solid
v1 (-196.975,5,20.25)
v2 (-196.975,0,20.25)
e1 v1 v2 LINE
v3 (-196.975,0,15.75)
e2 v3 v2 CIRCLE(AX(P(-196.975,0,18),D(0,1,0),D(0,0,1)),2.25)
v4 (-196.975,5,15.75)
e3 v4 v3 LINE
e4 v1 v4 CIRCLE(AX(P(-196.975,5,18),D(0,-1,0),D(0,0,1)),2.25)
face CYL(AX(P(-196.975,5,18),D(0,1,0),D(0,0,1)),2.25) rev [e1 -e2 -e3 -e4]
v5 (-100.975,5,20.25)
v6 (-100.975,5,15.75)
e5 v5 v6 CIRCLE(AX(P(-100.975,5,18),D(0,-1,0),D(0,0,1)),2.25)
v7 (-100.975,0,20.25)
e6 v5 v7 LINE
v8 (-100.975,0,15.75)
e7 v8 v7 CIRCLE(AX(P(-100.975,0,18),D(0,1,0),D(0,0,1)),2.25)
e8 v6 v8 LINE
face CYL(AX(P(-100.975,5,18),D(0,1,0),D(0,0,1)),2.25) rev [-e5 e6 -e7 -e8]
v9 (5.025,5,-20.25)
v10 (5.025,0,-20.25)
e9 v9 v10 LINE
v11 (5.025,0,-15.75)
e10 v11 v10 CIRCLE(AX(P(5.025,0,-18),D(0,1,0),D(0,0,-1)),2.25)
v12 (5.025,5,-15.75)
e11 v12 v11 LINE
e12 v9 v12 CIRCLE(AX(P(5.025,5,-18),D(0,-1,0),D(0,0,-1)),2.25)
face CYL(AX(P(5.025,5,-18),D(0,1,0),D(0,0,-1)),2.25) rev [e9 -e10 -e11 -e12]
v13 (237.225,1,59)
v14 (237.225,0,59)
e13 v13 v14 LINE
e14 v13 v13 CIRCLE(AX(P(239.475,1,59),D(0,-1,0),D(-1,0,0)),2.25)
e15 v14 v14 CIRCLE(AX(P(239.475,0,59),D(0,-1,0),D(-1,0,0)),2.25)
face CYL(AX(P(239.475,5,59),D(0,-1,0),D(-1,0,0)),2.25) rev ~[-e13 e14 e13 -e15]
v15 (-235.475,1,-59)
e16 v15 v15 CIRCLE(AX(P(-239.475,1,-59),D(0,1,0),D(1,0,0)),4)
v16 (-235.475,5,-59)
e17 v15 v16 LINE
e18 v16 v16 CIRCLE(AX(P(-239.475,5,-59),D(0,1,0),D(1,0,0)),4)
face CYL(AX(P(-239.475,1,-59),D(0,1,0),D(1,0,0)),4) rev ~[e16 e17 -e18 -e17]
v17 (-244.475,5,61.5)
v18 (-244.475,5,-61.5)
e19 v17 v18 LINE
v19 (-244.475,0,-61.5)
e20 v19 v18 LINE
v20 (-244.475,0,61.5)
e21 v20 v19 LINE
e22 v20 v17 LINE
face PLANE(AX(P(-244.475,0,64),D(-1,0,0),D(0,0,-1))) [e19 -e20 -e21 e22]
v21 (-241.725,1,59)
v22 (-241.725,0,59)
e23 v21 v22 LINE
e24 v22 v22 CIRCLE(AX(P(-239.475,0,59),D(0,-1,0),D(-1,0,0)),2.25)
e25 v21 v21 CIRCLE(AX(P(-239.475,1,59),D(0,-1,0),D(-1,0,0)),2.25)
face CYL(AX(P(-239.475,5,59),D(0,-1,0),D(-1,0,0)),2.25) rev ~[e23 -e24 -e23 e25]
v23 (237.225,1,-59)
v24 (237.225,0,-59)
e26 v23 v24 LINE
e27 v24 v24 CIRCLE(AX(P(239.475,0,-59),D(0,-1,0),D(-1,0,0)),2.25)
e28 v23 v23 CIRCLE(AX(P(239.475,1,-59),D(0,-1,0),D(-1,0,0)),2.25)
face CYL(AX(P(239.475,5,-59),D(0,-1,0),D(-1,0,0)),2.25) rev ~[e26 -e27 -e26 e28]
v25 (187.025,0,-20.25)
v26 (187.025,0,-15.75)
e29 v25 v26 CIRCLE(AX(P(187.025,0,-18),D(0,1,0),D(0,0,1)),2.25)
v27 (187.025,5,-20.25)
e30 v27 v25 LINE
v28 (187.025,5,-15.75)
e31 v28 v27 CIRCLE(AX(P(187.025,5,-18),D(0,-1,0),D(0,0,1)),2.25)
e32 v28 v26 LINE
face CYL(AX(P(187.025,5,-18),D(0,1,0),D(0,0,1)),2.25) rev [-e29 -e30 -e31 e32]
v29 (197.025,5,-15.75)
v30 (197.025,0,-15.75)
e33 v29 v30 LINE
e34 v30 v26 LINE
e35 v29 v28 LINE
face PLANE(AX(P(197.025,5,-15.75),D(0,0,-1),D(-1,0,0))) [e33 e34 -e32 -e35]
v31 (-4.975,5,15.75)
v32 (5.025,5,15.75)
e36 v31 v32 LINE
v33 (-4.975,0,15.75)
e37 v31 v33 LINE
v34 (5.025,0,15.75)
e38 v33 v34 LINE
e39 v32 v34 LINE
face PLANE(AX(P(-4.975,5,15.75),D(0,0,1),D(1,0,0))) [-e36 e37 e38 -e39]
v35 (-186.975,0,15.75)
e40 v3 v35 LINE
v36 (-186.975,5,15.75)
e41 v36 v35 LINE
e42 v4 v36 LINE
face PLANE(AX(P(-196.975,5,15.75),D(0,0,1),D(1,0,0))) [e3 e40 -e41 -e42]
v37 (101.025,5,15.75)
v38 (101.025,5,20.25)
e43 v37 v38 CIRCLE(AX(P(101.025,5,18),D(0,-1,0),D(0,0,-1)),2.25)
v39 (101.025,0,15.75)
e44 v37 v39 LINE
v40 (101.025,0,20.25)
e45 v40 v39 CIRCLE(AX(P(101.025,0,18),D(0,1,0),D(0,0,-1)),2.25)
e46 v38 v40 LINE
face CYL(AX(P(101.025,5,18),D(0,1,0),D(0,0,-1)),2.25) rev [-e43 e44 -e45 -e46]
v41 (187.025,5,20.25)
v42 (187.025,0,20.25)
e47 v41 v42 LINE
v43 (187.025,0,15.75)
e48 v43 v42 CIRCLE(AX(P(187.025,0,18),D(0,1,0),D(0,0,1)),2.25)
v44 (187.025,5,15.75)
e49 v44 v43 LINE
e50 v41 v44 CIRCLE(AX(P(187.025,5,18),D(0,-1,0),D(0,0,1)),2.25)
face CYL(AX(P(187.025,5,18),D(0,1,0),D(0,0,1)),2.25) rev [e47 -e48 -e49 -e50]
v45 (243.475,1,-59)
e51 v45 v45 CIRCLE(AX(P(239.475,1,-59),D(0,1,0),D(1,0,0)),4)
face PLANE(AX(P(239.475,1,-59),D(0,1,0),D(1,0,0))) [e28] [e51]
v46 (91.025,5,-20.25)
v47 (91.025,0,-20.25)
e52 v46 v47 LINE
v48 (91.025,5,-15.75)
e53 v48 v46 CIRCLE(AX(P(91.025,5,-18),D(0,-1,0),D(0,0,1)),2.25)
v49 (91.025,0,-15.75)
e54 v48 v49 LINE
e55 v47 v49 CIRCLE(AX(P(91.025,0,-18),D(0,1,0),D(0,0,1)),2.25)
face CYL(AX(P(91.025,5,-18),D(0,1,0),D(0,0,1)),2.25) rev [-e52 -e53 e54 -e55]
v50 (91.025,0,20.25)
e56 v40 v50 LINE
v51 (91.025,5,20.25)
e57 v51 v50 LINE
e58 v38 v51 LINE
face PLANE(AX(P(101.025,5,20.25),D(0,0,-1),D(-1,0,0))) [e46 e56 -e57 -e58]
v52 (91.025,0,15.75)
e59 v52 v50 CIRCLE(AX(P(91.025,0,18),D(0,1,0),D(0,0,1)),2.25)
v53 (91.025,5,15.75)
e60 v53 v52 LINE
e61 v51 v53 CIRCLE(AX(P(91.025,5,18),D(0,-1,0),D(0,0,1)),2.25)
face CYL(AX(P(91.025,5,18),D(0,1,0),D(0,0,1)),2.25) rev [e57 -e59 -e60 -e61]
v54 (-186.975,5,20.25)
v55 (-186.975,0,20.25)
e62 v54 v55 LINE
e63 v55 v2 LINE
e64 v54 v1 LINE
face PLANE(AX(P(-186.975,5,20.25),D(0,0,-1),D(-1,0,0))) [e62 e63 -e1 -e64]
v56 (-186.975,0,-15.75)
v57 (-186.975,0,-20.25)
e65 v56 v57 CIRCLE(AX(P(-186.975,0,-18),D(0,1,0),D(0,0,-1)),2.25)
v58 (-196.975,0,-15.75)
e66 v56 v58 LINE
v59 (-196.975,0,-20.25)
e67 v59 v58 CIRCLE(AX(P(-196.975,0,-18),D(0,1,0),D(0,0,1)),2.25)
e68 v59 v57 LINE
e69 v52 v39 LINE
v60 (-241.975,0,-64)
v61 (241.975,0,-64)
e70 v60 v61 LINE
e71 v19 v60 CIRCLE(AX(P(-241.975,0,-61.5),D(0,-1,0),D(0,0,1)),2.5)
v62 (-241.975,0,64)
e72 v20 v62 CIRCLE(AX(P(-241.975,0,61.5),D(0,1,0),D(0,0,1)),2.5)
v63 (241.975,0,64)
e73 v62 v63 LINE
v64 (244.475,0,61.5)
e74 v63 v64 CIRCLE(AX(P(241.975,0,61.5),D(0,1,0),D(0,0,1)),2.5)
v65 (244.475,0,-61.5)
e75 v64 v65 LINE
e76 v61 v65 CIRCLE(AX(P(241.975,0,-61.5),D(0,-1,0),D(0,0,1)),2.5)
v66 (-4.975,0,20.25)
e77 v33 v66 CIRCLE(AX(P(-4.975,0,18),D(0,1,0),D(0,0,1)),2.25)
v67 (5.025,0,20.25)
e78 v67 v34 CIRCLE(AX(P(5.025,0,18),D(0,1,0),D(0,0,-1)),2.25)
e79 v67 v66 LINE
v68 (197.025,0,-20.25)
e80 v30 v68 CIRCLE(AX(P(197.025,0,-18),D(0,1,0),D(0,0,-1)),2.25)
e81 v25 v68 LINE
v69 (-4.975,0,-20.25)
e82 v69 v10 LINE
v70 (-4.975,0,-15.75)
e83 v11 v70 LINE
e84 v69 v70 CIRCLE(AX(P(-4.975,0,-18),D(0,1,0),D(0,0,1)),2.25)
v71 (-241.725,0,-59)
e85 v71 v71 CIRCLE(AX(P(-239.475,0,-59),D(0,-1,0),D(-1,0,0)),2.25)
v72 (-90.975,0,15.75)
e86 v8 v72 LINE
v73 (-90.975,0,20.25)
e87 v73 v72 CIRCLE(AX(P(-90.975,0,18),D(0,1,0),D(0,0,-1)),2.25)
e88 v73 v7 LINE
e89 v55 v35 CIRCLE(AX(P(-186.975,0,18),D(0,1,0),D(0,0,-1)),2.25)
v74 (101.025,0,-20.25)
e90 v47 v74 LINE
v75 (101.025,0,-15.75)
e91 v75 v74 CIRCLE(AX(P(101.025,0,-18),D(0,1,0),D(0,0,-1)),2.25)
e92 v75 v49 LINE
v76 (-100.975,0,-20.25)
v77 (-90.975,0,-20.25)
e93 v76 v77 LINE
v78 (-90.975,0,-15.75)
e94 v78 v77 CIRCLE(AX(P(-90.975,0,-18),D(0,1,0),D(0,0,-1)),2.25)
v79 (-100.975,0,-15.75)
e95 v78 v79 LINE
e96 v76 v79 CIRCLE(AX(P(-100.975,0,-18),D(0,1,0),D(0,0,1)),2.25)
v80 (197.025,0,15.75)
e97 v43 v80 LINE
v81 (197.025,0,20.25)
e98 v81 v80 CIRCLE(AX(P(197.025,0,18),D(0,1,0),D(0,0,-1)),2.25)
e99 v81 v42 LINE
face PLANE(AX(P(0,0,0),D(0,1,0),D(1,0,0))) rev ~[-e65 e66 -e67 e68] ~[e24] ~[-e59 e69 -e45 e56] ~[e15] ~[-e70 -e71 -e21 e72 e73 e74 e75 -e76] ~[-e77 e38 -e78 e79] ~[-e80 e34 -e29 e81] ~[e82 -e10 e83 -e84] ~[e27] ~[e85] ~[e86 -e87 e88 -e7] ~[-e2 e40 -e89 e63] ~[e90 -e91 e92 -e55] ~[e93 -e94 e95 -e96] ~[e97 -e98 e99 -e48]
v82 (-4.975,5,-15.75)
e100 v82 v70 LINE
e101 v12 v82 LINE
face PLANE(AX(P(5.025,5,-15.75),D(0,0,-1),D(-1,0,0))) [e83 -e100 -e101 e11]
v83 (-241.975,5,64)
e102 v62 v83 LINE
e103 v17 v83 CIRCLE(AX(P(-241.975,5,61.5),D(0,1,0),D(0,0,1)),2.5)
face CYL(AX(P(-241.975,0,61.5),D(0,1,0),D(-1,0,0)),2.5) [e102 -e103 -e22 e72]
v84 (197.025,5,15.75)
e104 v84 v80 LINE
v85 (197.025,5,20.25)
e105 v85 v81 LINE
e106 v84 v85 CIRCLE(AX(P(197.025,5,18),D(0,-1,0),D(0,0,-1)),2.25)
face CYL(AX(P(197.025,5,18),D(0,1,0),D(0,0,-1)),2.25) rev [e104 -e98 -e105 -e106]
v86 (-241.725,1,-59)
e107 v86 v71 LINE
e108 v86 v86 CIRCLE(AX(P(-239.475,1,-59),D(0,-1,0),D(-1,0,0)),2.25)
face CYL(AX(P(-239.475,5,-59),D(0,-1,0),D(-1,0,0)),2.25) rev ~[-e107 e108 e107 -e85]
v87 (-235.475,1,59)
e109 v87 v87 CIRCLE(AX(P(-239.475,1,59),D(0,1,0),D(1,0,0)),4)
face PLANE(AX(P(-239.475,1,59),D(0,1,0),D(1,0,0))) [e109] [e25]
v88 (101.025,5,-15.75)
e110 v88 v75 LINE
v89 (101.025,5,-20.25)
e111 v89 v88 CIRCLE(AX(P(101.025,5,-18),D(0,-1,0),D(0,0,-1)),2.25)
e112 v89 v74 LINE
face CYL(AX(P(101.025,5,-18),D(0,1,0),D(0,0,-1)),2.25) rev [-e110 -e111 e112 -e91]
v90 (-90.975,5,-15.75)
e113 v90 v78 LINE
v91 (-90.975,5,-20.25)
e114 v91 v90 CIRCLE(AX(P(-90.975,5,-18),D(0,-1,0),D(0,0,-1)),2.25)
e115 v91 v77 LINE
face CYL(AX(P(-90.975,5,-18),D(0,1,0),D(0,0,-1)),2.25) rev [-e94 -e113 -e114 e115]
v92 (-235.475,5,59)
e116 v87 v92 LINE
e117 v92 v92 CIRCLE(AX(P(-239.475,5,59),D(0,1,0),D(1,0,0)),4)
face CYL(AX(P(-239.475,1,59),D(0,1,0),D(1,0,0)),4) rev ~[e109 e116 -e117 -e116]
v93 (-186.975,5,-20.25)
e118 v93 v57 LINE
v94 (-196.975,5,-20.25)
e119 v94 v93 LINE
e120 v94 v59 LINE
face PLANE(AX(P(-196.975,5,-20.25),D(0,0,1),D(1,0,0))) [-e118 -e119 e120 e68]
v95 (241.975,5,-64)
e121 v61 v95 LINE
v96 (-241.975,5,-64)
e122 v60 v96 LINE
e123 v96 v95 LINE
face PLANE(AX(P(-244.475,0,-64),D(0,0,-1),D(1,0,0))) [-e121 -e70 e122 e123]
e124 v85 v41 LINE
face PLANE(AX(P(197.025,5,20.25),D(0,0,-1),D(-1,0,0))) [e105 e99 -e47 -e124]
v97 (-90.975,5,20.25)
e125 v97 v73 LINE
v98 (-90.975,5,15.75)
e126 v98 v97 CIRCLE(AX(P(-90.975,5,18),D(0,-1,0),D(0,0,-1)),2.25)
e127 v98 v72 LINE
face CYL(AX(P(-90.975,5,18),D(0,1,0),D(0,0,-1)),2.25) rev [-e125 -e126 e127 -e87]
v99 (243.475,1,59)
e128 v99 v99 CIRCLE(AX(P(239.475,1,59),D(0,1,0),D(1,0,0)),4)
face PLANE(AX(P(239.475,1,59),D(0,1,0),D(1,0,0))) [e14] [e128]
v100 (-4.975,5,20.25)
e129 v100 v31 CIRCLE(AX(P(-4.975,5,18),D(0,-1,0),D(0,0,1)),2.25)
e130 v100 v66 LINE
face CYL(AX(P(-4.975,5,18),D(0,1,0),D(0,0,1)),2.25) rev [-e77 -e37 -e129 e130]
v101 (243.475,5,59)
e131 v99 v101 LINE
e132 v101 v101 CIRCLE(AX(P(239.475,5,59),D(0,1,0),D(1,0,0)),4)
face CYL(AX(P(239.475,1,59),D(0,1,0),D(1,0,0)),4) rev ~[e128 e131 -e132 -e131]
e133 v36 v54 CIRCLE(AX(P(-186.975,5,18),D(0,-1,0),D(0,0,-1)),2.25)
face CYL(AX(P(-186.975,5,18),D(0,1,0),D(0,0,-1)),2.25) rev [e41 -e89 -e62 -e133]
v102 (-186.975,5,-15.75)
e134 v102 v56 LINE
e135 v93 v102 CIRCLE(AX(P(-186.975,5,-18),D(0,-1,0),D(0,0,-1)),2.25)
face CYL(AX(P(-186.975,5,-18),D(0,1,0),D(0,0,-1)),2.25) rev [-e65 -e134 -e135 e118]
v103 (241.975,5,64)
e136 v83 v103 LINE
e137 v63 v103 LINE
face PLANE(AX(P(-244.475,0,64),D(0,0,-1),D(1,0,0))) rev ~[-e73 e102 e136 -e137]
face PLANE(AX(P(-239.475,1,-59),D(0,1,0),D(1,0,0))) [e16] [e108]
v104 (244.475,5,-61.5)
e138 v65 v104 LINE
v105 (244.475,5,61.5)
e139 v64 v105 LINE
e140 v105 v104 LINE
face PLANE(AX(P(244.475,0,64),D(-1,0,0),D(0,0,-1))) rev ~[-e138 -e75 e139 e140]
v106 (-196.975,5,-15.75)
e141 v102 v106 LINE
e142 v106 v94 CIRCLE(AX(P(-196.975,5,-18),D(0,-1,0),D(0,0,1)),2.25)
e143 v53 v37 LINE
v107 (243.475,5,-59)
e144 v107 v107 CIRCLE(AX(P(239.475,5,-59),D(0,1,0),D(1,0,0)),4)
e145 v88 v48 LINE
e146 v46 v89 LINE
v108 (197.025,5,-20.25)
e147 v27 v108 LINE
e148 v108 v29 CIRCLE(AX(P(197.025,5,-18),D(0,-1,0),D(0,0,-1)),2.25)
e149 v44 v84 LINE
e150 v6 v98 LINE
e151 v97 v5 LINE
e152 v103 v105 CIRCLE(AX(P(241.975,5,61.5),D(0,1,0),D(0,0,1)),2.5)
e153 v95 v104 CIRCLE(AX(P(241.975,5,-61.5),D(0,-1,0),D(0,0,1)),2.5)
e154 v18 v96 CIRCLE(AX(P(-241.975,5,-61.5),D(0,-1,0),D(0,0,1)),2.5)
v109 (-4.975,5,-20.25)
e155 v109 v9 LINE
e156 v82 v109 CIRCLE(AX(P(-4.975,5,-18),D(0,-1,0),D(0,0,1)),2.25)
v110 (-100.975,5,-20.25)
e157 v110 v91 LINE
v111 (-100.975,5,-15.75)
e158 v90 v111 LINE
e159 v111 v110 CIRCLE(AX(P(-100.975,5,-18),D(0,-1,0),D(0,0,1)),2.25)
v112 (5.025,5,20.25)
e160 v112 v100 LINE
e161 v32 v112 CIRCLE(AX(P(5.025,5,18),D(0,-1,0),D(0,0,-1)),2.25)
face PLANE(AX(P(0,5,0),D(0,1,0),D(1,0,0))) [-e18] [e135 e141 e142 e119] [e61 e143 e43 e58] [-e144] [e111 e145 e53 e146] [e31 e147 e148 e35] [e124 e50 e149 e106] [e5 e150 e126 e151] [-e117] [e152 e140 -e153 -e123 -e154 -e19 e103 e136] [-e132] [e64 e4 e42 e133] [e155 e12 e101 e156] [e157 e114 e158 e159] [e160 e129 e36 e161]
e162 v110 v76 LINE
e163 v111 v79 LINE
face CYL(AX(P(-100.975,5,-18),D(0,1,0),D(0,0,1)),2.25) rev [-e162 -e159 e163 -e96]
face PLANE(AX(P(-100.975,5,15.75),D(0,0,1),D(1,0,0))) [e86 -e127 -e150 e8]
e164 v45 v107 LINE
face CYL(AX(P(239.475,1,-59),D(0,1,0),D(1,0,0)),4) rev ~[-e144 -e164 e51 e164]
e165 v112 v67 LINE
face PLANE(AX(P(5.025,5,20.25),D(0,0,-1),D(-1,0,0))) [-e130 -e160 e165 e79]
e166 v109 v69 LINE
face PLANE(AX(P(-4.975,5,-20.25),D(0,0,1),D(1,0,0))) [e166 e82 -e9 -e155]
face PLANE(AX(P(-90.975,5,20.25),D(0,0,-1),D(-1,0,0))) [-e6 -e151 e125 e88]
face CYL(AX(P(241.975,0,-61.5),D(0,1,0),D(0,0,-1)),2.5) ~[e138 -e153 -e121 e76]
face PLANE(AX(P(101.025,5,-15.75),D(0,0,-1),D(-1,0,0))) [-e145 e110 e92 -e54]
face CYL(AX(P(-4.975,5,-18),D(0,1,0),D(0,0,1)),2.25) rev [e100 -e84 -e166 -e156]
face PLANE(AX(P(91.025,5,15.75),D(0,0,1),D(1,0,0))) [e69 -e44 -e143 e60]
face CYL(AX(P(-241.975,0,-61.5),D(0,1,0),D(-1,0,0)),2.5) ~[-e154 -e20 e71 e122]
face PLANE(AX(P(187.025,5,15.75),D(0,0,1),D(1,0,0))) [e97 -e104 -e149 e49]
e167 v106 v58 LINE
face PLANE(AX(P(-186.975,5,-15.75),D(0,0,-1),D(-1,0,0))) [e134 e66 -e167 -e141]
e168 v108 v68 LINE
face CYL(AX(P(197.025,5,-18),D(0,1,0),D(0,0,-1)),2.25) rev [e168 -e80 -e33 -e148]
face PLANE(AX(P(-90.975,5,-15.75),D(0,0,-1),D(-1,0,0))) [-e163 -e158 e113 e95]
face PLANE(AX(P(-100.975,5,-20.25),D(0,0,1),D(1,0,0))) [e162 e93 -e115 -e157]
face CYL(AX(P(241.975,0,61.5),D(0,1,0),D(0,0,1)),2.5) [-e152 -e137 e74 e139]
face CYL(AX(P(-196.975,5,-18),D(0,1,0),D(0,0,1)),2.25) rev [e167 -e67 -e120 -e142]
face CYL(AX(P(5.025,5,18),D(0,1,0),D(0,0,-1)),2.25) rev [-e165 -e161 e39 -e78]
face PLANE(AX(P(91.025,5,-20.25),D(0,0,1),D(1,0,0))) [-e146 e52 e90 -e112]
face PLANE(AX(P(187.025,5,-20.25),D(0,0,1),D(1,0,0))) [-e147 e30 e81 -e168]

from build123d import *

# Parameters (mm, degrees)
SKETCH1_W                      = 488.95
SKETCH1_H                      = 128
BOSS_EXTRUDE1_DEPTH            = 5
CBORE_FOR_M4_SHCS1_D           = 4.5
CBORE_FOR_M4_SHCS1_DEPTH       = 17.38
CBORE_FOR_M4_SHCS1_CBORE_D     = 8
CBORE_FOR_M4_SHCS1_CBORE_DEPTH = 4
CBORE_FOR_M4_SHCS1_TIP         = 1.351936393
FILLET1_R                      = 2.5
CUT_EXTRUDE1_DEPTH             = 253.762785285
LPATTERN1_COUNT                = 5
LPATTERN1_PITCH                = 96


with BuildPart() as part:
    # Sketch1 → Boss-Extrude1 (new body)
    with BuildSketch(Plane(origin=(0, 0, 0), x_dir=(1, 0, 0), z_dir=(0, 1, 0))):
        Rectangle(SKETCH1_W, SKETCH1_H)
    extrude(amount=BOSS_EXTRUDE1_DEPTH)

    # CBORE for M4 SHCS1
    with Locations(Plane(origin=(0, 5, 0), x_dir=(1, 0, 0), z_dir=(0, 1, 0))):
        with Locations((-239.475, 59), (-239.475, -59), (239.475, -59), (239.475, 59)):
            CounterBoreHole(CBORE_FOR_M4_SHCS1_D / 2, CBORE_FOR_M4_SHCS1_CBORE_D / 2, CBORE_FOR_M4_SHCS1_CBORE_DEPTH, depth=CBORE_FOR_M4_SHCS1_DEPTH)
            with Locations((0, 0, -(CBORE_FOR_M4_SHCS1_DEPTH + CBORE_FOR_M4_SHCS1_TIP / 2))):  # 118° drill point
                Cone(0, CBORE_FOR_M4_SHCS1_D / 2, CBORE_FOR_M4_SHCS1_TIP, mode=Mode.SUBTRACT)

    # Fillet1
    fillet1_edges = [part.edges().sort_by_distance(p)[0] for p in [
        (244.475, 2.5, 64),
        (-244.475, 2.5, 64),
        (-244.475, 2.5, -64),
        (244.475, 2.5, -64),
    ]]
    fillet(fillet1_edges, radius=FILLET1_R)

    # Sketch4 → Cut-Extrude1 (cut, through all)
    with BuildSketch(Plane(origin=(0, 5, 0), x_dir=(1, 0, 0), z_dir=(0, 1, 0))):
        with BuildLine():
            Line((-196.975, 20.25), (-186.975, 20.25))
            ThreePointArc((-186.975, 20.25), (-184.725, 18), (-186.975, 15.75))
            Line((-186.975, 15.75), (-196.975, 15.75))
            ThreePointArc((-196.975, 15.75), (-199.225, 18), (-196.975, 20.25))
        make_face()
        with BuildLine():
            Line((-196.975, -15.75), (-186.975, -15.75))
            ThreePointArc((-186.975, -15.75), (-184.725, -18), (-186.975, -20.25))
            Line((-186.975, -20.25), (-196.975, -20.25))
            ThreePointArc((-196.975, -20.25), (-199.225, -18), (-196.975, -15.75))
        make_face()
    cut_extrude1 = extrude(amount=-CUT_EXTRUDE1_DEPTH, mode=Mode.SUBTRACT)

    # LPattern1: Cut-Extrude1 ×5
    with Locations(*[(i * LPATTERN1_PITCH, 0, 0) for i in range(1, LPATTERN1_COUNT)]):
        add(cut_extrude1, mode=Mode.SUBTRACT)


solid = part.part
